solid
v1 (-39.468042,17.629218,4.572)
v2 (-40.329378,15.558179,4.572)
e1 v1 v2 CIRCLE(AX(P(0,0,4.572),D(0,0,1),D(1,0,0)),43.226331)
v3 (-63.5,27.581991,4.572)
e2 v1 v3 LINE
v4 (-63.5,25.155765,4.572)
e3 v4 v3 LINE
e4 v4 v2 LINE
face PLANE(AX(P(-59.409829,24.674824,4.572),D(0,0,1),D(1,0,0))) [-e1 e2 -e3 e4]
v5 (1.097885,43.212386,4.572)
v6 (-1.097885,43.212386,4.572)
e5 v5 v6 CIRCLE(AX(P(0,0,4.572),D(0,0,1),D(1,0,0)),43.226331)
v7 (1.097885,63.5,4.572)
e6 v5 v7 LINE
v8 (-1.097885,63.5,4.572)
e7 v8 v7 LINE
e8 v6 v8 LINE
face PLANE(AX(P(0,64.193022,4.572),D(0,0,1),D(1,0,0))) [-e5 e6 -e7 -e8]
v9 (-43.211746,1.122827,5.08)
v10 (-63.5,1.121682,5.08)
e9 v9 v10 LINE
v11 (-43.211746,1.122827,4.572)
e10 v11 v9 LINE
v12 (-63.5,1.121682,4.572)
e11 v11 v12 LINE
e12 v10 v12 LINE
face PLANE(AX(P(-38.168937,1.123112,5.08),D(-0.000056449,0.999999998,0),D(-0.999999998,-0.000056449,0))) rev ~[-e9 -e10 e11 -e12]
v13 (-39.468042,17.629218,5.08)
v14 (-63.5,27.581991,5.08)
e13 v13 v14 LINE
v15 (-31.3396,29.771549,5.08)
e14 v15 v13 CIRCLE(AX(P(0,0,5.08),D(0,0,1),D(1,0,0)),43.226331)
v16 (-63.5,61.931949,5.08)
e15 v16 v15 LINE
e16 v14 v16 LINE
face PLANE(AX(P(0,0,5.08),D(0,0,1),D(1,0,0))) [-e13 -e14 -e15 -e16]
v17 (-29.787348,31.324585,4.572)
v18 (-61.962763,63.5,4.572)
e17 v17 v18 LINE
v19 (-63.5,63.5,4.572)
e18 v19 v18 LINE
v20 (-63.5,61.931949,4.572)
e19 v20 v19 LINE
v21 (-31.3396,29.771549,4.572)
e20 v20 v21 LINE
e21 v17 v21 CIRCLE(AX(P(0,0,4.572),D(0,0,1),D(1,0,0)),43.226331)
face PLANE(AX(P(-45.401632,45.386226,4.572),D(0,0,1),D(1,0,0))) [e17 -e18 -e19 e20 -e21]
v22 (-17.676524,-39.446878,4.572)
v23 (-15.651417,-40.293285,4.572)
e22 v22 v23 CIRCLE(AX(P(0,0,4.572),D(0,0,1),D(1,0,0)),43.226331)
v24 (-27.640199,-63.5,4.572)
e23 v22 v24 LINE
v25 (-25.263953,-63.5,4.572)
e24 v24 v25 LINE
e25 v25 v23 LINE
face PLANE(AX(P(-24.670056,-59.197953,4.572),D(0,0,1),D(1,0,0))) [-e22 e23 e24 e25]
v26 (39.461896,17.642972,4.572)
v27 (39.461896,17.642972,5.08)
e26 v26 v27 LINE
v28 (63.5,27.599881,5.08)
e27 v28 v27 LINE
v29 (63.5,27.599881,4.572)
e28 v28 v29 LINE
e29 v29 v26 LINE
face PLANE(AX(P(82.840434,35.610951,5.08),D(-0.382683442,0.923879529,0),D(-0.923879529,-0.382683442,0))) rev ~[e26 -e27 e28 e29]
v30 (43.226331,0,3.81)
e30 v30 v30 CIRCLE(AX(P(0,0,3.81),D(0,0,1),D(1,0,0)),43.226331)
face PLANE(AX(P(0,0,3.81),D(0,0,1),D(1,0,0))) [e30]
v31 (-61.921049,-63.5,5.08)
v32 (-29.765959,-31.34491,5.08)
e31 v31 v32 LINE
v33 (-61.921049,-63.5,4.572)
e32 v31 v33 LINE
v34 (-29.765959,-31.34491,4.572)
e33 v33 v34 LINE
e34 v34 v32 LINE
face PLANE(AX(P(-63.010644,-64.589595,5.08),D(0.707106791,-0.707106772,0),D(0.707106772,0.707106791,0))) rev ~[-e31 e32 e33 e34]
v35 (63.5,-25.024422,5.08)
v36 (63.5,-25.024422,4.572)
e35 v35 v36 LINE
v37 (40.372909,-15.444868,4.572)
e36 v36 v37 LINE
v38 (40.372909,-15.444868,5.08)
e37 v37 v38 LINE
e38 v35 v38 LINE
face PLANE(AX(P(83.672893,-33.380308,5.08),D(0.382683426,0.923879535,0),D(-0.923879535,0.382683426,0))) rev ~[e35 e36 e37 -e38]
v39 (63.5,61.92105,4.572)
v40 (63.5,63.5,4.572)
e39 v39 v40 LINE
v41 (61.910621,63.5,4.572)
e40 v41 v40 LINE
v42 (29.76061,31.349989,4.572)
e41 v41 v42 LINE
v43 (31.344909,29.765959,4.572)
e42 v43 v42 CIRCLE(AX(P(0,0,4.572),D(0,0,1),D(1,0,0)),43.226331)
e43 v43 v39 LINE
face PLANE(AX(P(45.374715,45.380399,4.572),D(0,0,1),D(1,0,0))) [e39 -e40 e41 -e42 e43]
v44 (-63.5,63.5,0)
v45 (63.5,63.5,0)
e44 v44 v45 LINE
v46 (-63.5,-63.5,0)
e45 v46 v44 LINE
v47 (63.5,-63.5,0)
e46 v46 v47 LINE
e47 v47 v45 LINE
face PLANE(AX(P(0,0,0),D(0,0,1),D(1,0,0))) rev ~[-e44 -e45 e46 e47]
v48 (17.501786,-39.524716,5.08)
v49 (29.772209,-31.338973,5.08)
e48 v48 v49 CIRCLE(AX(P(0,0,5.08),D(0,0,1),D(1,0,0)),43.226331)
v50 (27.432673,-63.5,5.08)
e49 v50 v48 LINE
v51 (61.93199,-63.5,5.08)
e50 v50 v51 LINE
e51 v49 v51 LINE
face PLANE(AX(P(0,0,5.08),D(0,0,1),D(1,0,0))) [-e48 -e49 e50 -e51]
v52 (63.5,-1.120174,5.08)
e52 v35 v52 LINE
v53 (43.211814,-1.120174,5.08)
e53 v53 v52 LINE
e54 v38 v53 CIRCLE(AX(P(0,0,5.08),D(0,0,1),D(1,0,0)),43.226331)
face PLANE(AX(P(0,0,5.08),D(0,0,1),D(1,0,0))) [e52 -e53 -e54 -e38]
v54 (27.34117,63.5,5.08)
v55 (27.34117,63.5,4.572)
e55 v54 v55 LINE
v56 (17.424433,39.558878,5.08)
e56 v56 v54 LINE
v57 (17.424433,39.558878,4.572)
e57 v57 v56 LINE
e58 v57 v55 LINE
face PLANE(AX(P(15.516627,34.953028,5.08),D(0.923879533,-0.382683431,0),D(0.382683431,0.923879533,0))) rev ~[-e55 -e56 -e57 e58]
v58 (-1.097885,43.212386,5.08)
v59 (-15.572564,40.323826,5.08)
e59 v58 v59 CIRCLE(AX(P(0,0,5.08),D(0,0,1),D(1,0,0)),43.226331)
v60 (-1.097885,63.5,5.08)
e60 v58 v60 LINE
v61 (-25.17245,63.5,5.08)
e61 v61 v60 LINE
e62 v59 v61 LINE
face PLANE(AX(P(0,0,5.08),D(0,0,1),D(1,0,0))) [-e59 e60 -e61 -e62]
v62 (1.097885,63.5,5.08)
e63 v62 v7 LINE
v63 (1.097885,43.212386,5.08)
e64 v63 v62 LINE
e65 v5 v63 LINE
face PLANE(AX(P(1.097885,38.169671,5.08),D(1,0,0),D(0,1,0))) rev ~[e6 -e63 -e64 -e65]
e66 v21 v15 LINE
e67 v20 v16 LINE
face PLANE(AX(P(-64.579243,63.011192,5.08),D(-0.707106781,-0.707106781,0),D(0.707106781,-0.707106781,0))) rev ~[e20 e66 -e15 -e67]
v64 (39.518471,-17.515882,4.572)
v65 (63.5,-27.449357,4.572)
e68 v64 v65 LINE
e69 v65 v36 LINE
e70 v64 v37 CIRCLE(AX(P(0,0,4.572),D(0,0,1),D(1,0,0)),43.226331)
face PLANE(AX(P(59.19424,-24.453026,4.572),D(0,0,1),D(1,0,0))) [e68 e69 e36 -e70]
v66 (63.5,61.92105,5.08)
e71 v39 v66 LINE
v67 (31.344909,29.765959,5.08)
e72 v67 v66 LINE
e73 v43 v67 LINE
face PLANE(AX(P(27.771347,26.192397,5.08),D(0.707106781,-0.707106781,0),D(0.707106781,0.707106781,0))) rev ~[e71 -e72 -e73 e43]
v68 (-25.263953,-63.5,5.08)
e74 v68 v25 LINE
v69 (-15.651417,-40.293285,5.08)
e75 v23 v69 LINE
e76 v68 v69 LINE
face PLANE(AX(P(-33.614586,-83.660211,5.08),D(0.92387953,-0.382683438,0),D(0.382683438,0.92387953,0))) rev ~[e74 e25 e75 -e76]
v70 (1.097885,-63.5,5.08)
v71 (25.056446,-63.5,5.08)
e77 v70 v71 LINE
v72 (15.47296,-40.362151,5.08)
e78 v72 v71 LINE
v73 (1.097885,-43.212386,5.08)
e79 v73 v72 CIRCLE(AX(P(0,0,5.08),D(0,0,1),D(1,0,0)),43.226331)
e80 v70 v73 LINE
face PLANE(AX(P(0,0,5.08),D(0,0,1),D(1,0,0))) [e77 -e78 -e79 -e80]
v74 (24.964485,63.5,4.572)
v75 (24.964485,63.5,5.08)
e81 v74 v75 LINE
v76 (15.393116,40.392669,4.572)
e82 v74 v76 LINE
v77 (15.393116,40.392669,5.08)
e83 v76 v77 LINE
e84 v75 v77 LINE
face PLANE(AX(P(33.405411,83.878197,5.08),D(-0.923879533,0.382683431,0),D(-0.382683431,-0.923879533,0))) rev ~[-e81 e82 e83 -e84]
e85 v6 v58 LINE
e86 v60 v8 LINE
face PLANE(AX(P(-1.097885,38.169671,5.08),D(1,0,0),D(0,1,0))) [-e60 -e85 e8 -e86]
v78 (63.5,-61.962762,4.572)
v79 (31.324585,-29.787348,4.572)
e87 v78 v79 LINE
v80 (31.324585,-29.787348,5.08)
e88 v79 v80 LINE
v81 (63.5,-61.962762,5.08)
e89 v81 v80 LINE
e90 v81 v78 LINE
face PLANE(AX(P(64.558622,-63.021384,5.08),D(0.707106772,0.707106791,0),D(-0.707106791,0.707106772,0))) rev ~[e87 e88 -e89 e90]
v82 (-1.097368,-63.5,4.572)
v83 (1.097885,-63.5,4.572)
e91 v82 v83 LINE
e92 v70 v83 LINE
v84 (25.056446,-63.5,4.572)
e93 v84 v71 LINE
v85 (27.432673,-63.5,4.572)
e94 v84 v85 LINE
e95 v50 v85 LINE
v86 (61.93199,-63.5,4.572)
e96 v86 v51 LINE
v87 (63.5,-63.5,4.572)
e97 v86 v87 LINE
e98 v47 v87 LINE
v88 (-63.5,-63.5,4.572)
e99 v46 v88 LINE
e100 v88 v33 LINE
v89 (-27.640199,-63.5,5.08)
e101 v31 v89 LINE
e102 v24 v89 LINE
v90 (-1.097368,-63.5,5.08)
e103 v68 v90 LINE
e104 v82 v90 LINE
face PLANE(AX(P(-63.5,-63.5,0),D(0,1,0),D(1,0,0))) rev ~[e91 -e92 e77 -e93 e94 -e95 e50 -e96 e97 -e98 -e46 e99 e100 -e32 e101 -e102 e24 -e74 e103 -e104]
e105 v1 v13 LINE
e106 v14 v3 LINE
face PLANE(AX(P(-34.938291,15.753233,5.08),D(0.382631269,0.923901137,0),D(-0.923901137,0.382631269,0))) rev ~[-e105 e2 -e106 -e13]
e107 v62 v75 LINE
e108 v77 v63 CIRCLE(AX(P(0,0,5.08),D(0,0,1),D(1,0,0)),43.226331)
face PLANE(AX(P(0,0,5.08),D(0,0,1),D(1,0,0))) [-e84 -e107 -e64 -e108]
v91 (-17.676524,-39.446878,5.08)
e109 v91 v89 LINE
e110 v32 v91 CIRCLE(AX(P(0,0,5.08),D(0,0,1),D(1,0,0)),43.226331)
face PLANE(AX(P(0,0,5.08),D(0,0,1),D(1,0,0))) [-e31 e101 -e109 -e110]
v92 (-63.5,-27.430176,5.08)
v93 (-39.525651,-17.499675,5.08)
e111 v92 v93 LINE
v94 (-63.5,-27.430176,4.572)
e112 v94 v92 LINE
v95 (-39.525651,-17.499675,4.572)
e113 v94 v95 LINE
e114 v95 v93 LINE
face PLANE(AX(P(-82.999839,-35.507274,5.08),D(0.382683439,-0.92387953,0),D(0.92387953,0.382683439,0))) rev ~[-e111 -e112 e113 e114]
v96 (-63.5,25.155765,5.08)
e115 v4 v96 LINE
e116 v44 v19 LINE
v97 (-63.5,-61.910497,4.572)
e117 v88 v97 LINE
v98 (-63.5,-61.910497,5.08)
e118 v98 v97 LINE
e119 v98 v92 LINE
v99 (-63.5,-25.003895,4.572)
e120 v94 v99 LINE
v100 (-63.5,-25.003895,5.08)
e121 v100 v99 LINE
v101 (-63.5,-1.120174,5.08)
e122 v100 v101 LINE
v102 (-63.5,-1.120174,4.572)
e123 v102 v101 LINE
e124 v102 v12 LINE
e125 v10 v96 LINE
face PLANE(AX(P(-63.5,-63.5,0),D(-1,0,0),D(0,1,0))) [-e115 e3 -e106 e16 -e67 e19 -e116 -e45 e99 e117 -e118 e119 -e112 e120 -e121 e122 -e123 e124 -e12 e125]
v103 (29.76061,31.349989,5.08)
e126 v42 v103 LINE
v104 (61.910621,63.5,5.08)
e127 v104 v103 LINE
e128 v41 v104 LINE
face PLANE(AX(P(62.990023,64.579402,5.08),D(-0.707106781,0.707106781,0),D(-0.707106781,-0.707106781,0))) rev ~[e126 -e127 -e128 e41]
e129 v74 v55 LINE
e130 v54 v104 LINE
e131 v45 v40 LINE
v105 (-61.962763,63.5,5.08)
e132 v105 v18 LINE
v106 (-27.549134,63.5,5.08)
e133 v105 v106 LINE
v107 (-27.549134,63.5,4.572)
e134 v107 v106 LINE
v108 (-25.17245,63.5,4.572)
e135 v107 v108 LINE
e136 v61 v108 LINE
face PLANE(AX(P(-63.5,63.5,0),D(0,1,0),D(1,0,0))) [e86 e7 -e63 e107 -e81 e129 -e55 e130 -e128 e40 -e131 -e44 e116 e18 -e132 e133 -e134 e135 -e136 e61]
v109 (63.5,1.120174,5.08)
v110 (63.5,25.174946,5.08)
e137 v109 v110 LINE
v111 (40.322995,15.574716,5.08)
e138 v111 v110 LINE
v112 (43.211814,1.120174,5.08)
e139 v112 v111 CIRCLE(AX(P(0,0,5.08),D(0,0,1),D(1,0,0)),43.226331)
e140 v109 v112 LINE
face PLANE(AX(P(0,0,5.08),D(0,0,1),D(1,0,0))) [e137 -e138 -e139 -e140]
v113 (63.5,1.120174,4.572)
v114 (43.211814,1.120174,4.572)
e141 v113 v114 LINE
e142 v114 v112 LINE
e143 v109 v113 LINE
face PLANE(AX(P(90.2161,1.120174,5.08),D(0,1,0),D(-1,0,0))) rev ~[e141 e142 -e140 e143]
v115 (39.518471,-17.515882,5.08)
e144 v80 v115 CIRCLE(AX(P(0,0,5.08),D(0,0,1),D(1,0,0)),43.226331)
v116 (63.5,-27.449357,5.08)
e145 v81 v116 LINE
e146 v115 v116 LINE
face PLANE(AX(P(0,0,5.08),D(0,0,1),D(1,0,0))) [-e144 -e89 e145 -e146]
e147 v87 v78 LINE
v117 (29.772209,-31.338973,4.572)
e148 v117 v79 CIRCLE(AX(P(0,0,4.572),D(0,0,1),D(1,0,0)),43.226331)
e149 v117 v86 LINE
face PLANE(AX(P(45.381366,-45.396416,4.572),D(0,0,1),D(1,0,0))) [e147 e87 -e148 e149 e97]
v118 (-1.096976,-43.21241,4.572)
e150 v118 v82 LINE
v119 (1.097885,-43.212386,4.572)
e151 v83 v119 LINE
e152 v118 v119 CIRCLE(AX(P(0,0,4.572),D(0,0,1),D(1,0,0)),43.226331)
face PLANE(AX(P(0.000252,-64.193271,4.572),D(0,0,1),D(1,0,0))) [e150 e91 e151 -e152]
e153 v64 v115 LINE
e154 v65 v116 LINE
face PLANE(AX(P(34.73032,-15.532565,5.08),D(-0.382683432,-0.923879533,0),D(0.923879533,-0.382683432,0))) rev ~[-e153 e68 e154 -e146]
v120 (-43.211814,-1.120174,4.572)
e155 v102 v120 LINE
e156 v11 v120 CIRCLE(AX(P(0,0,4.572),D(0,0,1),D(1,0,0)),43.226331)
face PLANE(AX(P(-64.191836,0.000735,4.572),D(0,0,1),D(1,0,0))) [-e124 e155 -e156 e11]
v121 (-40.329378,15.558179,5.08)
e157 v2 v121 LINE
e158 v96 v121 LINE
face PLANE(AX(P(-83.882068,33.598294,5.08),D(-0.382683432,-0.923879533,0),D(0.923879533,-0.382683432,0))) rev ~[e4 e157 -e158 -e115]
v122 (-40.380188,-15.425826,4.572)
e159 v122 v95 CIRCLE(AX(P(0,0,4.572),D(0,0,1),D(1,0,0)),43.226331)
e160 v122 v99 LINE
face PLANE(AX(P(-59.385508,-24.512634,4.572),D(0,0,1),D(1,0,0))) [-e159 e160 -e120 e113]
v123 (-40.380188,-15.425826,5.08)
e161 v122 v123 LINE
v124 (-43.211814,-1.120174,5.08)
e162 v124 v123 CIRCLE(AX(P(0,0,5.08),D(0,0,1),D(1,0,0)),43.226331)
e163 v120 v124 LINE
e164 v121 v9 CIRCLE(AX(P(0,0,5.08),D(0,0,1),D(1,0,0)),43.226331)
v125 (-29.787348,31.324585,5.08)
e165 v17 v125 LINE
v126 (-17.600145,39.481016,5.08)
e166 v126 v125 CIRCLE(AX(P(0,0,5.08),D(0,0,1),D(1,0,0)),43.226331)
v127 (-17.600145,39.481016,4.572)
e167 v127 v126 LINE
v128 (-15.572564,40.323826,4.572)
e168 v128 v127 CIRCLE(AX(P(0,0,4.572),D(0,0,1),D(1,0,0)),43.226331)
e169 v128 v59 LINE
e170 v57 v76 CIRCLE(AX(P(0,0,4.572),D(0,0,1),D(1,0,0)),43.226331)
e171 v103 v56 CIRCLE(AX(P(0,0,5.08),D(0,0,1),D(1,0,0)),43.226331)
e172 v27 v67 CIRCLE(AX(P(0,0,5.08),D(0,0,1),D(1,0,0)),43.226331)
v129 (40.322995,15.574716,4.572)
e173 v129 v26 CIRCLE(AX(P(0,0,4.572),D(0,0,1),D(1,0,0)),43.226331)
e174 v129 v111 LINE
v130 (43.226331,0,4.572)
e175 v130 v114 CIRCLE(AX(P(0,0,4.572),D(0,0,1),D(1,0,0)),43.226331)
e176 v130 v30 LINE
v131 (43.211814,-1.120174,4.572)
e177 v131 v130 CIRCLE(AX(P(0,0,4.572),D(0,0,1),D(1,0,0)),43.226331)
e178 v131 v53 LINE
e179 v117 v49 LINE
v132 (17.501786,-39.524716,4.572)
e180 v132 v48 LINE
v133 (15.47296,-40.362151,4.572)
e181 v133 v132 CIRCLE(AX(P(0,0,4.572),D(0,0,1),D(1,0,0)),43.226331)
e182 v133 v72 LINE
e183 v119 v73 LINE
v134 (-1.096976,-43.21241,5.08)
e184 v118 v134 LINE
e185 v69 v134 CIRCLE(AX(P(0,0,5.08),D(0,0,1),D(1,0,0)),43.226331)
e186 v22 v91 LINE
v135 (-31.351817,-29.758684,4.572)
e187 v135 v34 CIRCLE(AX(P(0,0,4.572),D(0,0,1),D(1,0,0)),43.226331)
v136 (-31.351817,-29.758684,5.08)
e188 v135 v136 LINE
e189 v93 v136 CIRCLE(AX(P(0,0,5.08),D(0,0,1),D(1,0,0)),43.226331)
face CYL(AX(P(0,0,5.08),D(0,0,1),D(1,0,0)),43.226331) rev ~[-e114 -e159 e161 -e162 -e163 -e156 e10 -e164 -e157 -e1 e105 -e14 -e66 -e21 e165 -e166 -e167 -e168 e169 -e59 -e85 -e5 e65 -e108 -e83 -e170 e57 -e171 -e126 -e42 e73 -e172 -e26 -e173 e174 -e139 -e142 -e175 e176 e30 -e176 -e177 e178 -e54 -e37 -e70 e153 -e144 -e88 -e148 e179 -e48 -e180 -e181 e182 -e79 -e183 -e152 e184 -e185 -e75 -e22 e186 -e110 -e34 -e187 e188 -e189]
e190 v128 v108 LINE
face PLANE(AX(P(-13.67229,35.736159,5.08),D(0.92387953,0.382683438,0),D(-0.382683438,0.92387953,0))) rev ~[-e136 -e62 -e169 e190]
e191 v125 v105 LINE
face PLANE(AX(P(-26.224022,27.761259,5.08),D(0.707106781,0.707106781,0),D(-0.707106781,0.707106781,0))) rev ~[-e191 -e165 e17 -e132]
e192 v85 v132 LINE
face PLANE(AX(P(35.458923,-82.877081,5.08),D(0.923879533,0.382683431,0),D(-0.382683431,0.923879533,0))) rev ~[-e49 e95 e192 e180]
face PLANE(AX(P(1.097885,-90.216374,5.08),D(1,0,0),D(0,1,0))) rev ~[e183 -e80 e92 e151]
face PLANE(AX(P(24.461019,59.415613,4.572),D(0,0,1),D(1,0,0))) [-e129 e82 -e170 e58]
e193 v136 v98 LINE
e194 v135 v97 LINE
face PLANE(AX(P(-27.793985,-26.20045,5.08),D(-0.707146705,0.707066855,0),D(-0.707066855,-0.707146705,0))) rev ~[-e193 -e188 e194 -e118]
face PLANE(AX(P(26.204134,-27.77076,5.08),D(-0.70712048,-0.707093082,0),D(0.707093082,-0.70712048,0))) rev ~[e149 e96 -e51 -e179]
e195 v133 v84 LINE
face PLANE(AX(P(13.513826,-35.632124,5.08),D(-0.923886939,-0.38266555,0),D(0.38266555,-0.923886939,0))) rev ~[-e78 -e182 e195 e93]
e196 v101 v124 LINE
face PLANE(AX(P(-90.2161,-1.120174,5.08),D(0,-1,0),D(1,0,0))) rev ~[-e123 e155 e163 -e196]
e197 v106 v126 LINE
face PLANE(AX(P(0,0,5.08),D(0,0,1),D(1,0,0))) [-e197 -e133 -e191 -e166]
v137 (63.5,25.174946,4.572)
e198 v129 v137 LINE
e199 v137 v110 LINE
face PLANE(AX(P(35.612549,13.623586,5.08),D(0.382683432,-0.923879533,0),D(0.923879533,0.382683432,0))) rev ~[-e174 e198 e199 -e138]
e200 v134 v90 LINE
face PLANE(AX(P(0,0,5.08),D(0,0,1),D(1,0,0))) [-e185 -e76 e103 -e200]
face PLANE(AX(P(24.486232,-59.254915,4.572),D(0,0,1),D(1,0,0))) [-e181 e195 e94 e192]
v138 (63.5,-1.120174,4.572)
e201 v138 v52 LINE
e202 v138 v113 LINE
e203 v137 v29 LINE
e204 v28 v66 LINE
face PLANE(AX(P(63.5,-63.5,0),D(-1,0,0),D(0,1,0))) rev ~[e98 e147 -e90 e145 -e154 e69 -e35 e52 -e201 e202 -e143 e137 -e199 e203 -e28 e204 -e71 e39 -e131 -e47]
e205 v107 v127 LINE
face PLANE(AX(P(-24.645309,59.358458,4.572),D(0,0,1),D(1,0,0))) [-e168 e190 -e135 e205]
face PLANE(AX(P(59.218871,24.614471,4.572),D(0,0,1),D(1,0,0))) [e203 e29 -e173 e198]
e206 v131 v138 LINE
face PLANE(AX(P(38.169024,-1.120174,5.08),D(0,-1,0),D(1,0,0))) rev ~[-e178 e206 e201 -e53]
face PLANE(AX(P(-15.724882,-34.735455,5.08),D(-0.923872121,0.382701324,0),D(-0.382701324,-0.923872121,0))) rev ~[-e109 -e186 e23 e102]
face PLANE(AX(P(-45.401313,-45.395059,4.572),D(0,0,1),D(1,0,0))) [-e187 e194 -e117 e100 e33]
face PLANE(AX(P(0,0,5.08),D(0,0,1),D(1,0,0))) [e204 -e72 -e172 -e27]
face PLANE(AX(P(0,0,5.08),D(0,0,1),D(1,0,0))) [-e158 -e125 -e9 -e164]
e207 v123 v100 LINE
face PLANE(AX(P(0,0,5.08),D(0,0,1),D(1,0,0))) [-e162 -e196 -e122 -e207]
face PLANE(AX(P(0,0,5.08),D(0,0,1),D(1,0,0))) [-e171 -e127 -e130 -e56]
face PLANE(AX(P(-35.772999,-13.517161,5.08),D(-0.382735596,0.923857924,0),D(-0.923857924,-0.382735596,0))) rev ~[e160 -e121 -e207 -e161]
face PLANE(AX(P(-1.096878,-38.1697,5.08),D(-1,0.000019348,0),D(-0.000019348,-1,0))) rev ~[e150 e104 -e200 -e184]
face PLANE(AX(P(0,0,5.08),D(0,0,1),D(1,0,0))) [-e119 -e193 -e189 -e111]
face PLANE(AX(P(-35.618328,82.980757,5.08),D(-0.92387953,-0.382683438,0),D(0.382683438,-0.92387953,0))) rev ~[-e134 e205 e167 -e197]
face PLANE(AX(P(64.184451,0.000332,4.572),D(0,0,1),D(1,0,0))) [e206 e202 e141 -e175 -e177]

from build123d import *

# Parameters (mm, degrees)
F0_W     = 127
F0_H     = 127
F1_DEPTH = 5.08
F2_W     = 2.19577
F2_H     = 52.046703
F3_DEPTH = 0.508
F4_R     = 43.226331
F5_DEPTH = 1.27


with BuildPart() as f1:
    # F0 (on Top) → F1 (new body)
    with BuildSketch(Plane.XY):
        Rectangle(F0_W, F0_H)
    extrude(amount=F1_DEPTH)

    # F2 (on face) → F3 (cut)
    with BuildSketch(Plane.XY.offset(5.08)):
        Polygon((38.169024, -1.120174), (90.2161, -1.120174), (90.2161, 1.120174), (38.13681, 1.120174), align=None)
        Polygon((-1.096878, -38.1697), (-1.097885, -90.216374), (1.097885, -90.216374), (1.097885, -38.169671), align=None)
        with Locations((0, 64.193022)):
            Rectangle(F2_W, F2_H)
        Polygon((-38.168937, 1.123112), (-90.2161, 1.120174), (-90.2161, -1.120174), (-38.169024, -1.120174), align=None)
        Polygon((27.771347, 26.192397), (64.574188, 62.995238), (62.990023, 64.579402), (26.164404, 27.753783), align=None)
        Polygon((26.204134, -27.77076), (63.005977, -64.574029), (64.558622, -63.021384), (27.756045, -26.218808), align=None)
        Polygon((-63.026599, 64.563836), (-64.579243, 63.011192), (-27.776666, 26.208615), (-26.224022, 27.761259), align=None)
        Polygon((-27.793985, -26.20045), (-64.594809, -63.00543), (-63.010644, -64.589595), (-26.207804, -27.786754), align=None)
        Polygon((35.612549, 13.623586), (83.697778, 33.54114), (82.840434, 35.610951), (34.725444, 15.681069), align=None)
        Polygon((13.513826, -35.632124), (33.430295, -83.717366), (35.458923, -82.877081), (15.541512, -34.792197), align=None)
        Polygon((-33.589701, 83.821042), (-35.618328, 82.980757), (-15.700917, 34.895874), (-13.67229, 35.736159), align=None)
        Polygon((-35.772999, -13.517161), (-83.857183, -33.437463), (-82.999839, -35.507274), (-34.914611, -15.58972), align=None)
        Polygon((34.73032, -15.532565), (82.815549, -35.450119), (83.672893, -33.380308), (35.557903, -13.450427), align=None)
        Polygon((-15.724882, -34.735455), (-35.643213, -82.819926), (-33.614586, -83.660211), (-13.697175, -35.575328), align=None)
        Polygon((35.434038, 83.037912), (33.405411, 83.878197), (13.488, 35.793313), (15.516627, 34.953028), align=None)
        Polygon((-34.938291, 15.753233), (-83.024724, 35.668105), (-83.882068, 33.598294), (-35.796839, 13.68074), align=None)
    extrude(amount=-F3_DEPTH, mode=Mode.SUBTRACT)

    # F4 (on face) → F5 (cut)
    with BuildSketch(Plane.XY.offset(5.08)):
        Circle(F4_R)
    extrude(amount=-F5_DEPTH, mode=Mode.SUBTRACT)


solid = f1.part
